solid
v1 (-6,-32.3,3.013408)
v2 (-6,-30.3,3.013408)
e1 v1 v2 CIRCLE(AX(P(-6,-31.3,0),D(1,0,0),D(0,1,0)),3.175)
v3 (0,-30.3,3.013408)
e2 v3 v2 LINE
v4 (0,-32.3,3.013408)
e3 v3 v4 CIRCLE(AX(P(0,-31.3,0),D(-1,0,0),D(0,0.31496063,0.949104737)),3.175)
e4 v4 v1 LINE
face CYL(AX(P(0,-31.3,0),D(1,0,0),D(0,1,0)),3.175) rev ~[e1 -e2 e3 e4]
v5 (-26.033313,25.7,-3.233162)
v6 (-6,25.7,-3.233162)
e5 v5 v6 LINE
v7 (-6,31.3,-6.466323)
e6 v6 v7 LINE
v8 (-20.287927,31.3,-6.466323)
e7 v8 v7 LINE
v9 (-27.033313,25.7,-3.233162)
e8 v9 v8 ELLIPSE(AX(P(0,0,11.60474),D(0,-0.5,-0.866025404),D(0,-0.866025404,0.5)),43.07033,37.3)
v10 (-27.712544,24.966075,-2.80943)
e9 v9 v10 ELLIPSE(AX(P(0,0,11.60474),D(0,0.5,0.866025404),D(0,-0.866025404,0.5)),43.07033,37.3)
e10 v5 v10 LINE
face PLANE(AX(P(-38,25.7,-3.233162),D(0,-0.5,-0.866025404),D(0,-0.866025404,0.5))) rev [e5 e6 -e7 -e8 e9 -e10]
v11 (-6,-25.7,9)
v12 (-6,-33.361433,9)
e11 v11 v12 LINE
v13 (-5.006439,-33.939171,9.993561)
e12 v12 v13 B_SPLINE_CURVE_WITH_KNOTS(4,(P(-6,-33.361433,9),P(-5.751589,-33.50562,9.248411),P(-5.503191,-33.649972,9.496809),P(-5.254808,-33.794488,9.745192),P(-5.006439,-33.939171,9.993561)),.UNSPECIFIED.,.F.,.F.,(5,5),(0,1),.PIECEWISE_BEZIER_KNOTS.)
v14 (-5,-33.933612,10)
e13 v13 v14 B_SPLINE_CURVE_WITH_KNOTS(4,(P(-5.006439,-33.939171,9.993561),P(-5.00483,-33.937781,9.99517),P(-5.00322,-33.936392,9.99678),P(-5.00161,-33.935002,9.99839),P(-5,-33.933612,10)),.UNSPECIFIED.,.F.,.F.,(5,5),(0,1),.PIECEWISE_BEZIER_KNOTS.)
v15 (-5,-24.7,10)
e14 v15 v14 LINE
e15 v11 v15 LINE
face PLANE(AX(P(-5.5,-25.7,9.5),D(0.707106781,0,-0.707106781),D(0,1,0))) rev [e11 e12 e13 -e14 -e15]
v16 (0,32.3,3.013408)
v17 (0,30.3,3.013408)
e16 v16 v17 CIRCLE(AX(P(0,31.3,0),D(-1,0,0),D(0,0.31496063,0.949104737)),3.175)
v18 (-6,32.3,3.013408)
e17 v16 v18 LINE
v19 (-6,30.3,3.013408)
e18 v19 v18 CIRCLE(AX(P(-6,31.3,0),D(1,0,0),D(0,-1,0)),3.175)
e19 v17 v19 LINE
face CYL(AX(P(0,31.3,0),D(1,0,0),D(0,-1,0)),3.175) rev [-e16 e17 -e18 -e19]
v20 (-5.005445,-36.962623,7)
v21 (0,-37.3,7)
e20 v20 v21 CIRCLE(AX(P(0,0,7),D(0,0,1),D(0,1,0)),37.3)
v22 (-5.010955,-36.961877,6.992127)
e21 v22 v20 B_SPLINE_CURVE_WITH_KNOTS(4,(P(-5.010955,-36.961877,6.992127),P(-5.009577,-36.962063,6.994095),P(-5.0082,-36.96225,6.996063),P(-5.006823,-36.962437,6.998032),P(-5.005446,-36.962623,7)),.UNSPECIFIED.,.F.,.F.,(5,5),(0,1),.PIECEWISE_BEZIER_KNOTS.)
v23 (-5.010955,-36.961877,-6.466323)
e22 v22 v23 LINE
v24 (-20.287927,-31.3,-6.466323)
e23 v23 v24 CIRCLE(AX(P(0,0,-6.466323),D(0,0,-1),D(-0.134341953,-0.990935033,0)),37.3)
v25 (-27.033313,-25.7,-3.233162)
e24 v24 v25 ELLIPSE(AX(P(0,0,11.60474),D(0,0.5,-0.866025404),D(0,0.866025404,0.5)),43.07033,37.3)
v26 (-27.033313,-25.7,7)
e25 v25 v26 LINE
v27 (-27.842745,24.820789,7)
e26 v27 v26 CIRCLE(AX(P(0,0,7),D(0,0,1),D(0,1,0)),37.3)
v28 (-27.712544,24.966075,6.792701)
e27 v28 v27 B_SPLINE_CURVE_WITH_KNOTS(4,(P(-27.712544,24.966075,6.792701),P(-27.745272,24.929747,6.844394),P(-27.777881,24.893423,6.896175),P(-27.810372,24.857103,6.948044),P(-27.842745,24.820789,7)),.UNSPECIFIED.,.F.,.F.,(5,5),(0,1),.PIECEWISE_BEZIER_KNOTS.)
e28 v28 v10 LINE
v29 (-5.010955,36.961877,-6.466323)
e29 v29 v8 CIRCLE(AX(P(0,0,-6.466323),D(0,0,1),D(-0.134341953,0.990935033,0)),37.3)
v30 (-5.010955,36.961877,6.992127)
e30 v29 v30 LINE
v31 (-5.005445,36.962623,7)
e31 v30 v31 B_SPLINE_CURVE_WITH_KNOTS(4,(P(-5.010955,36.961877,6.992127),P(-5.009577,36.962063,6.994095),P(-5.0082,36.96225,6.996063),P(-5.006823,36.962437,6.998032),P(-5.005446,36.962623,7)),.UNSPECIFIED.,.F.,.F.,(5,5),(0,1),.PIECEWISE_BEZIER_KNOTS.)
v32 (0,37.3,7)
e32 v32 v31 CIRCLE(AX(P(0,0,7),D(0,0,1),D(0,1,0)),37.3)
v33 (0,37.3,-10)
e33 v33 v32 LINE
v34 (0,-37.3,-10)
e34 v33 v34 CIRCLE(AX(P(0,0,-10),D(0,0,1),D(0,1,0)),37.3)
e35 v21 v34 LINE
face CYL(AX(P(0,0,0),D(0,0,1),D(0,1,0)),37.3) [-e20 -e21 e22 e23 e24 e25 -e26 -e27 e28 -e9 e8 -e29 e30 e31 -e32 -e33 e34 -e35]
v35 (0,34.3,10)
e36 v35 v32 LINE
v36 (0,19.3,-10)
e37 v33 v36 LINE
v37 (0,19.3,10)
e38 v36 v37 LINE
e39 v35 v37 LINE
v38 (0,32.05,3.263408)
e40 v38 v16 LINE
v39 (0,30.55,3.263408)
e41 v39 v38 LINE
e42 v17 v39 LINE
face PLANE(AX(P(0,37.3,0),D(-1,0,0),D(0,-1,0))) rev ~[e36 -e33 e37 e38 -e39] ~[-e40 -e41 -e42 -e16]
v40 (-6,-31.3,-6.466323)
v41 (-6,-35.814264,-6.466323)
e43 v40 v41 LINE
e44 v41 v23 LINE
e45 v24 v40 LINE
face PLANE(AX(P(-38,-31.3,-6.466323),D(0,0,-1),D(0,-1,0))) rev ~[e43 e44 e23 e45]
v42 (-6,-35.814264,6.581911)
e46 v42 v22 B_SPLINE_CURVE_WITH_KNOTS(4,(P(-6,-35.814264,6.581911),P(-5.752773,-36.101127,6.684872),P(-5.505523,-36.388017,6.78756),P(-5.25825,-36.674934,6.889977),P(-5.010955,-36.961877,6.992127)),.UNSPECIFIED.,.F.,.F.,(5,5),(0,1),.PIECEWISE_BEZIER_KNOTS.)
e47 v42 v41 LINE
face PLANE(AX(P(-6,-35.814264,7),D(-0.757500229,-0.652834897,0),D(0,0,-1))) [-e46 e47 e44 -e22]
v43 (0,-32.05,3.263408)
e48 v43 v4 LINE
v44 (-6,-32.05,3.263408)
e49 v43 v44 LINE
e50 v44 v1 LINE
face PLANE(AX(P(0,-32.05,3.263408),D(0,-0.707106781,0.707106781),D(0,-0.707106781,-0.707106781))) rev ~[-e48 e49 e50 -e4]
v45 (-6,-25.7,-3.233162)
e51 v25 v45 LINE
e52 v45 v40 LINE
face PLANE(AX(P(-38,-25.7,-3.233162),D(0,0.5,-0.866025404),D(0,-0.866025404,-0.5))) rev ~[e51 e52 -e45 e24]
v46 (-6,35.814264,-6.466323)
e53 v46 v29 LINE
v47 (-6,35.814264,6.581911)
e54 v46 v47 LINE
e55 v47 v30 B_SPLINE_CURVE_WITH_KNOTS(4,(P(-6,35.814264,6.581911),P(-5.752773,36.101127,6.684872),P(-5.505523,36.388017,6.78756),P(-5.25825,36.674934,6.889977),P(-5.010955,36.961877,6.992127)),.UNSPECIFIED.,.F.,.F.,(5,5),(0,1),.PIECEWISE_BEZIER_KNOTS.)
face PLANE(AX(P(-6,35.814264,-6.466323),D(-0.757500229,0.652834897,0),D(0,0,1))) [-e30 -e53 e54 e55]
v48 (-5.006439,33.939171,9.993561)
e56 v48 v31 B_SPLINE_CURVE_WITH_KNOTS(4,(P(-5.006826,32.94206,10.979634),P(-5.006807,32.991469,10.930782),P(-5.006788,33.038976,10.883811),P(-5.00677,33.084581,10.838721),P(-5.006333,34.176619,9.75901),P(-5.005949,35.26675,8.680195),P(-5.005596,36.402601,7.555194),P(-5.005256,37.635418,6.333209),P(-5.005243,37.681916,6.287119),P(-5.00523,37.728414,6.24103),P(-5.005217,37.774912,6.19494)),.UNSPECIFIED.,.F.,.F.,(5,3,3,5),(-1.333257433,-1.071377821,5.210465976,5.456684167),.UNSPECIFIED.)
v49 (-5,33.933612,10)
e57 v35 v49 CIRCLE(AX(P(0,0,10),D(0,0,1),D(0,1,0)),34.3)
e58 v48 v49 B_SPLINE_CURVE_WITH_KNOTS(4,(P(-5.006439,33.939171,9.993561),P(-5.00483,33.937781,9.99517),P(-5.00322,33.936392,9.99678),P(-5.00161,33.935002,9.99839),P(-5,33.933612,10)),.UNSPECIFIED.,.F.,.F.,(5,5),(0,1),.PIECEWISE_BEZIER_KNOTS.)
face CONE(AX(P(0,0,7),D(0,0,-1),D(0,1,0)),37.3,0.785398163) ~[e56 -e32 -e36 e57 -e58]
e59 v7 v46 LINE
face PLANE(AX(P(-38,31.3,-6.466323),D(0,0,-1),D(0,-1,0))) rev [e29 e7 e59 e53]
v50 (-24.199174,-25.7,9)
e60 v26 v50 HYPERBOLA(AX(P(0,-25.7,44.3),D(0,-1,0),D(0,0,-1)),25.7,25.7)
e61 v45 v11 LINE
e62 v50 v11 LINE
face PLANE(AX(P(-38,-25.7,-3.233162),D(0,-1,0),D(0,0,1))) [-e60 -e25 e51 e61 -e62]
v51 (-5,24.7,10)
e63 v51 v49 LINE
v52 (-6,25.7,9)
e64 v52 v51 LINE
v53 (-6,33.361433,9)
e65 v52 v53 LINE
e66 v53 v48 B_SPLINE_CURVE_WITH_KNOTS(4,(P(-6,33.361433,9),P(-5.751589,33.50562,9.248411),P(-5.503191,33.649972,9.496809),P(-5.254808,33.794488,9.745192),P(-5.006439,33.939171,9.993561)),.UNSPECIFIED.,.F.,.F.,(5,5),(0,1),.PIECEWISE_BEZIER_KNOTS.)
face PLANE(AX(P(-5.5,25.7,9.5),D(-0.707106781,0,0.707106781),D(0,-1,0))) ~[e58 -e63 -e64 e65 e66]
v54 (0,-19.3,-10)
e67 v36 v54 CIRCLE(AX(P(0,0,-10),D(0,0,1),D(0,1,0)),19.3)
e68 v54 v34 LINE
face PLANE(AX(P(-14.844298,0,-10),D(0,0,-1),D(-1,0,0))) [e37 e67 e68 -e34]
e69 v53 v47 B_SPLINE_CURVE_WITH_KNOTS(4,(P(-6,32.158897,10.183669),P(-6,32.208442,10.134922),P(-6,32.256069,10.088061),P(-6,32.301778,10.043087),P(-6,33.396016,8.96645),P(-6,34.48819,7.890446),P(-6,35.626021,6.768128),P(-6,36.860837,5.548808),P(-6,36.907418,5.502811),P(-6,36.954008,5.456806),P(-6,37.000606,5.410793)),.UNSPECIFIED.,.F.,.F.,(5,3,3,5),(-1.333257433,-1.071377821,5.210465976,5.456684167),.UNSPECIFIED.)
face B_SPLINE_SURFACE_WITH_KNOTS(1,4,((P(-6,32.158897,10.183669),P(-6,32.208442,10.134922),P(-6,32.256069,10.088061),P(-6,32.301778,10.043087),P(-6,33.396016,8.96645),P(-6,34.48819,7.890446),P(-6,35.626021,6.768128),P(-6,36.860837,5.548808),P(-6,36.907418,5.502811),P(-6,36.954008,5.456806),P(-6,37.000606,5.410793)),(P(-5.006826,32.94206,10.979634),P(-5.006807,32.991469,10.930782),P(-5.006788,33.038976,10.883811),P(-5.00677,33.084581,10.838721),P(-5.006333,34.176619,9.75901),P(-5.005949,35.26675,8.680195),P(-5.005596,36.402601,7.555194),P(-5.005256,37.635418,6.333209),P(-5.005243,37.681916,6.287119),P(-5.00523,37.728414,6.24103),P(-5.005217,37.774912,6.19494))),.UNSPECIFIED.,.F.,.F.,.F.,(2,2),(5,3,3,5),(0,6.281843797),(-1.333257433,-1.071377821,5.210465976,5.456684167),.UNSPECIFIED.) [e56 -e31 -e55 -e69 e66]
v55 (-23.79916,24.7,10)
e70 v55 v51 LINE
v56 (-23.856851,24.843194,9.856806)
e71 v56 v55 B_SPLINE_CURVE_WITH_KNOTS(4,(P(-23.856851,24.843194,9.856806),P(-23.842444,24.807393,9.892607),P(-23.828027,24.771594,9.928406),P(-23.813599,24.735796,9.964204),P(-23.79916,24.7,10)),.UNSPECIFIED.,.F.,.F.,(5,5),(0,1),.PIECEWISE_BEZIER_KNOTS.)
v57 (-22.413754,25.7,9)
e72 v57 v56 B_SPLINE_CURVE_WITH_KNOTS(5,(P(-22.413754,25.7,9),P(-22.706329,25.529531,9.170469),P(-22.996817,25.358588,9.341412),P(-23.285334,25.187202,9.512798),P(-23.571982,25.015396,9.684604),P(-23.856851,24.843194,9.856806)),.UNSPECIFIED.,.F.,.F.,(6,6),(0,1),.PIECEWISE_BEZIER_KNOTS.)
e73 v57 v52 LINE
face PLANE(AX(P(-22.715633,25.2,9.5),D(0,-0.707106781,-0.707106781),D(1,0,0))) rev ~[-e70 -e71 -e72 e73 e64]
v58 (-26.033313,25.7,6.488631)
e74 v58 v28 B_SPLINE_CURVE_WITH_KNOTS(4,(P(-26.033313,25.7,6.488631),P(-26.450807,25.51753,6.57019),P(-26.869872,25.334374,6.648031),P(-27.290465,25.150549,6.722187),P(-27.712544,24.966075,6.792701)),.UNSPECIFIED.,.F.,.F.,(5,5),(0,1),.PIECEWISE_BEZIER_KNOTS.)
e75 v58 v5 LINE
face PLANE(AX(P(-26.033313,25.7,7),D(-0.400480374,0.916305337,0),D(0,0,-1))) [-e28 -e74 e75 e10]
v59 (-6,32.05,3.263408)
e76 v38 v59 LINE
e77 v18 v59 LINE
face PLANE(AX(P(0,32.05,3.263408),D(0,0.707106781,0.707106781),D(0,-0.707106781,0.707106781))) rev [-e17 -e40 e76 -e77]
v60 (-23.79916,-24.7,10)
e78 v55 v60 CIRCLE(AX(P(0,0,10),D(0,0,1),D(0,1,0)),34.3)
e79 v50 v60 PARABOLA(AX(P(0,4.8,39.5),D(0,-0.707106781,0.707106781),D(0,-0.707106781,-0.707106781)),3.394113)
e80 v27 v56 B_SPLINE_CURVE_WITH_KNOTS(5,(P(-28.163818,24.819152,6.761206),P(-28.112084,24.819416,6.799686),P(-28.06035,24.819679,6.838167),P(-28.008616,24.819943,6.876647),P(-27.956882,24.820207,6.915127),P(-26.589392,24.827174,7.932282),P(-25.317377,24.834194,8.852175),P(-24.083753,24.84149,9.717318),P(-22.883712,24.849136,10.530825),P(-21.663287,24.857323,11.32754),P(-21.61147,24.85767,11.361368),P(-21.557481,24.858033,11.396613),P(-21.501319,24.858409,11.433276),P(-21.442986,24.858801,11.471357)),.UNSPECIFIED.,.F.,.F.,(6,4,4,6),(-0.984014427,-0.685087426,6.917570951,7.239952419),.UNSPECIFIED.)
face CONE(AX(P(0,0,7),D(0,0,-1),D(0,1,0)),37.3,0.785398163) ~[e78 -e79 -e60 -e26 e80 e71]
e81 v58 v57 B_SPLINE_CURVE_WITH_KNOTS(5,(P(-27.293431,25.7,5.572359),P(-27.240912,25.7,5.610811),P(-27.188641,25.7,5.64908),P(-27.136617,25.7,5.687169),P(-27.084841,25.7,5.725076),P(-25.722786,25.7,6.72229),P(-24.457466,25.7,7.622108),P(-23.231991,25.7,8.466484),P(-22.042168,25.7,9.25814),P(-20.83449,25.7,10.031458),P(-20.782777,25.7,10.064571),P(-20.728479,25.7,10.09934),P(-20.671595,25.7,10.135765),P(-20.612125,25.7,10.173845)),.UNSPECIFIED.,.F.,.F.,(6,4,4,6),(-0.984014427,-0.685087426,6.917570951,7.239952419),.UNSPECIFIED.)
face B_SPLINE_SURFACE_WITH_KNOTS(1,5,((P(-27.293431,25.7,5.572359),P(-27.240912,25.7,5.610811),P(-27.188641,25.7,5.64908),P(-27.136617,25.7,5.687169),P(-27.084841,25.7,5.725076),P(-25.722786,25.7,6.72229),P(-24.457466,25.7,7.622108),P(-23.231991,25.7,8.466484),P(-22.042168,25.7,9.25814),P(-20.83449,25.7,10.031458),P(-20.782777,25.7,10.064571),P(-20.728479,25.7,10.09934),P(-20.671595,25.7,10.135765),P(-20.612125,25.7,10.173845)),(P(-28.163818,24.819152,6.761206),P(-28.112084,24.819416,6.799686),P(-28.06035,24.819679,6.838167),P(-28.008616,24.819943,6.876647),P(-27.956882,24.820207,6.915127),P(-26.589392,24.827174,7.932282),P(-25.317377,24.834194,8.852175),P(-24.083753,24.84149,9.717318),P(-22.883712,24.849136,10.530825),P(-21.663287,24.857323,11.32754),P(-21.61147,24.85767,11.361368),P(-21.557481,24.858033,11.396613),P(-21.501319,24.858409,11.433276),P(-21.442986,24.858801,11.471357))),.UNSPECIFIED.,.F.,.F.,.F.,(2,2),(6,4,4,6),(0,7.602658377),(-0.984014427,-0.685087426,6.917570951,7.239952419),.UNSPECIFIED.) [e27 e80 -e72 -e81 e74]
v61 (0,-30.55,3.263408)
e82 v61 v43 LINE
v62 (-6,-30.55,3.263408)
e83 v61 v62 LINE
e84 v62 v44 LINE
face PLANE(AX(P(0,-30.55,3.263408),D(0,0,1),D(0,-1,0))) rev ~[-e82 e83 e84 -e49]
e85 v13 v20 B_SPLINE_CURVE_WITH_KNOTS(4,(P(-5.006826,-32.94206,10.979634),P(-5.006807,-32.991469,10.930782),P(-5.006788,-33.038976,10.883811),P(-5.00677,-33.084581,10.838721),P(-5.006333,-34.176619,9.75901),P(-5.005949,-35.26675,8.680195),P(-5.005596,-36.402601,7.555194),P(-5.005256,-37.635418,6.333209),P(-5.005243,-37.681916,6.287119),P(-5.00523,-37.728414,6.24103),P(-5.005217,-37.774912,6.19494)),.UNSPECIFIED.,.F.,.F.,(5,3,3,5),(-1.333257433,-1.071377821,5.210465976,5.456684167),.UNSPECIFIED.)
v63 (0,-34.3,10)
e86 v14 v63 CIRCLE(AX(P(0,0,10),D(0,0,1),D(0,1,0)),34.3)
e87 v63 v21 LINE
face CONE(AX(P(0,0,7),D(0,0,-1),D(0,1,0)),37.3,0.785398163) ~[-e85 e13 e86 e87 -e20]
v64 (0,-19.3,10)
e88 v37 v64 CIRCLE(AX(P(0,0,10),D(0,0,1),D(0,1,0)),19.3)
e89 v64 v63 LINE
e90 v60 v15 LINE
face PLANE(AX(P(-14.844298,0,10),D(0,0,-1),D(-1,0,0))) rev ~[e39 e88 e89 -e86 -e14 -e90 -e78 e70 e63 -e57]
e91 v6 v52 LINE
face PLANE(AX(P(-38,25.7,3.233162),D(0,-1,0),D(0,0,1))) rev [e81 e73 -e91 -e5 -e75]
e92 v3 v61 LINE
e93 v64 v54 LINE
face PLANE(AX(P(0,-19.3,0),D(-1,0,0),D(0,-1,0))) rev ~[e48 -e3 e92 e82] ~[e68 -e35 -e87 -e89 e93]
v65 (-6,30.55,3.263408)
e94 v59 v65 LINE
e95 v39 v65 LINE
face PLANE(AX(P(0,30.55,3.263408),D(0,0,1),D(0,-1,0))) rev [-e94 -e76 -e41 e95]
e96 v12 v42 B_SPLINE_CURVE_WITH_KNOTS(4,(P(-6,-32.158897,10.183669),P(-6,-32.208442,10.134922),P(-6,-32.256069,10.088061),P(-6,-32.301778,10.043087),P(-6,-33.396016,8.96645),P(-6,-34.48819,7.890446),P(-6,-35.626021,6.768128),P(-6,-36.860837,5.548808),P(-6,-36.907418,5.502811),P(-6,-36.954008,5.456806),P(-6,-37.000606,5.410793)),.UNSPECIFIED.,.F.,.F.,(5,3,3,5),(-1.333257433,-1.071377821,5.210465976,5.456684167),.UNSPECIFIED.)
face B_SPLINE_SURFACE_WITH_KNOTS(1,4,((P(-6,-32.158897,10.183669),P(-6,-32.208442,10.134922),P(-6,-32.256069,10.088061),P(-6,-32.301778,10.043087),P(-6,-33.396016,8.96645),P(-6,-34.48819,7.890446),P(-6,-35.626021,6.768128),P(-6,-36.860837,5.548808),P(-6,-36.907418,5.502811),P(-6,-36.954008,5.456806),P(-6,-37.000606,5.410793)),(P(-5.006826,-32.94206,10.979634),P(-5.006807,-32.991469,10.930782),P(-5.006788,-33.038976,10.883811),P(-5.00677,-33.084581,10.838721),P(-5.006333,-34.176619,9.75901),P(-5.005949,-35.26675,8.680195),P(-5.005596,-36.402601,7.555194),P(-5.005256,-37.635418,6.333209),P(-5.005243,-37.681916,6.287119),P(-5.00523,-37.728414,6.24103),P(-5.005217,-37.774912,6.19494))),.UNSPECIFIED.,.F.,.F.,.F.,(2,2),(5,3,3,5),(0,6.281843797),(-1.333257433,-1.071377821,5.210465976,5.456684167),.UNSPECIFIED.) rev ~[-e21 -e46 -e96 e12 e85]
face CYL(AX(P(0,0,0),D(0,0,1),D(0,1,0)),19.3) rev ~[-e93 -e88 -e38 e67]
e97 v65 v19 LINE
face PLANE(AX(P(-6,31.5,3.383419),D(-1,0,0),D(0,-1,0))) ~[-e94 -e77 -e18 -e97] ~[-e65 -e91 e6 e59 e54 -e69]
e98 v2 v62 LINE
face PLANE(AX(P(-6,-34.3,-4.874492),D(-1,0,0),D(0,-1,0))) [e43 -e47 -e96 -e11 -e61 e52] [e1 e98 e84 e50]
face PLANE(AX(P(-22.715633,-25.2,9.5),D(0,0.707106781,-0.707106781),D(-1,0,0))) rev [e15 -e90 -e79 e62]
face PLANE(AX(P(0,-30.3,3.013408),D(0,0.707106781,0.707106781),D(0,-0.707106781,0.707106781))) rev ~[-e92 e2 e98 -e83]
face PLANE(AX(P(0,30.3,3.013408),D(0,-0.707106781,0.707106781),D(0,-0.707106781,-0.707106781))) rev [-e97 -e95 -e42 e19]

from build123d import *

# Parameters (mm, degrees)
PAD007_DEPTH    = 10
SKETCH023_R     = 3.175
POCKET013_DEPTH = 208.8404998244
POCKET014_DEPTH = 208.8405005395
POCKET015_DEPTH = 32
CHAMFER005_SIZE = 3
SKETCH026_W     = 11.6
SKETCH026_H     = 13.2331615075
POCKET016_DEPTH = 32
SKETCH027_W     = 6
SKETCH027_H     = 3.1836615393
POCKET017_DEPTH = 32
CHAMFER006_SIZE = 1


with BuildPart() as part:
    # Sketch022 → Pad007 (new body, symmetric)
    with BuildSketch(Plane.XY):
        with BuildLine():
            ThreePointArc((0, 19.3), (-19.3, 0), (0, -19.3))
            Line((0, -19.3), (0, -37.3))
            ThreePointArc((0, 37.3), (-37.3, 0), (0, -37.3))
            Line((0, 37.3), (0, 19.3))
        make_face()
    extrude(amount=PAD007_DEPTH, both=True)

    # Sketch023 (on Face3 of Pad007) → Pocket013 (cut, through all)
    with BuildSketch(Plane.YZ):
        with Locations((-31.3, 0)):
            Circle(SKETCH023_R)
    pocket013 = extrude(amount=-POCKET013_DEPTH, mode=Mode.SUBTRACT)

    # Mirrored013: Pocket013 across Sketch023 V_Axis
    add(pocket013.mirror(Plane(origin=(0, 0, 0), x_dir=(1, 0, 0), z_dir=(0, 1, 0))), mode=Mode.SUBTRACT)

    # Sketch024 (on Face7 of Mirrored013) → Pocket014 (cut, through all)
    with BuildSketch(Plane.YZ):
        Polygon((-32.3, 3.0134075396), (-30.3, 3.0134075396), (-30.55, 3.2634075396), (-32.05, 3.2634075396), align=None)
    pocket014 = extrude(amount=-POCKET014_DEPTH, mode=Mode.SUBTRACT)

    # Mirrored014: Pocket014 across Sketch024 V_Axis
    add(pocket014.mirror(Plane(origin=(0, 0, 0), x_dir=(1, 0, 0), z_dir=(0, 1, 0))), mode=Mode.SUBTRACT)

    # Sketch025 (on DatumPlane) → Pocket015 (cut)
    with BuildSketch(Plane(origin=(-38, 0, 0), x_dir=(0, -1, 0), z_dir=(-1, 0, 0))):
        Polygon((31.3, 6.4663230149), (25.7, 3.2331615075), (25.7, -3.2331615075), (31.3, -6.4663230149), (36.9, -3.2331615075), (36.9, 3.2331615075), align=None)
    pocket015 = extrude(amount=-POCKET015_DEPTH, mode=Mode.SUBTRACT)

    # Mirrored015: Pocket015 across Sketch025 V_Axis
    add(pocket015.mirror(Plane(origin=(-38, 0, 0), x_dir=(-1, 0, 0), z_dir=(0, -1, 0))), mode=Mode.SUBTRACT)

    # Chamfer005
    chamfer005_edges = [part.edges().sort_by_distance(p)[0] for p in [
        (-37.3, 0, 10),
    ]]
    chamfer(chamfer005_edges, length=CHAMFER005_SIZE)

    # Sketch026 (on DatumPlane) → Pocket016 (cut)
    with BuildSketch(Plane(origin=(-38, 0, 0), x_dir=(0, -1, 0), z_dir=(-1, 0, 0))):
        with Locations((31.5, 3.3834192463)):
            Rectangle(SKETCH026_W, SKETCH026_H)
    pocket016 = extrude(amount=-POCKET016_DEPTH, mode=Mode.SUBTRACT)

    # Mirrored016: Pocket016 across Sketch026 V_Axis
    add(pocket016.mirror(Plane(origin=(-38, 0, 0), x_dir=(-1, 0, 0), z_dir=(0, -1, 0))), mode=Mode.SUBTRACT)

    # Sketch027 (on DatumPlane) → Pocket017 (cut)
    with BuildSketch(Plane(origin=(-38, 0, 0), x_dir=(0, -1, 0), z_dir=(-1, 0, 0))):
        with Locations((34.3, -4.8744922453)):
            Rectangle(SKETCH027_W, SKETCH027_H)
    pocket017 = extrude(amount=-POCKET017_DEPTH, mode=Mode.SUBTRACT)

    # Mirrored017: Pocket017 across Sketch027 V_Axis
    add(pocket017.mirror(Plane(origin=(-38, 0, 0), x_dir=(-1, 0, 0), z_dir=(0, -1, 0))), mode=Mode.SUBTRACT)

    # Chamfer006
    chamfer006_edges = [part.edges().sort_by_distance(p)[0] for p in [
        (-14.357817, -25.7, 10),
        (-6, -29.735571, 10),
        (-6, -35.293157, 8.500461),
        (-6, -36.814264, 0.266838),
        (-27.033313, 25.7, 1.883419),
        (-24.890244, 25.7, 8.522713),
        (-14.357817, 25.7, 10),
        (-6, 29.735571, 10),
        (-6, 35.293157, 8.500461),
        (-6, 36.814264, 0.266838),
    ]]
    chamfer(chamfer006_edges, length=CHAMFER006_SIZE)


solid = part.part
